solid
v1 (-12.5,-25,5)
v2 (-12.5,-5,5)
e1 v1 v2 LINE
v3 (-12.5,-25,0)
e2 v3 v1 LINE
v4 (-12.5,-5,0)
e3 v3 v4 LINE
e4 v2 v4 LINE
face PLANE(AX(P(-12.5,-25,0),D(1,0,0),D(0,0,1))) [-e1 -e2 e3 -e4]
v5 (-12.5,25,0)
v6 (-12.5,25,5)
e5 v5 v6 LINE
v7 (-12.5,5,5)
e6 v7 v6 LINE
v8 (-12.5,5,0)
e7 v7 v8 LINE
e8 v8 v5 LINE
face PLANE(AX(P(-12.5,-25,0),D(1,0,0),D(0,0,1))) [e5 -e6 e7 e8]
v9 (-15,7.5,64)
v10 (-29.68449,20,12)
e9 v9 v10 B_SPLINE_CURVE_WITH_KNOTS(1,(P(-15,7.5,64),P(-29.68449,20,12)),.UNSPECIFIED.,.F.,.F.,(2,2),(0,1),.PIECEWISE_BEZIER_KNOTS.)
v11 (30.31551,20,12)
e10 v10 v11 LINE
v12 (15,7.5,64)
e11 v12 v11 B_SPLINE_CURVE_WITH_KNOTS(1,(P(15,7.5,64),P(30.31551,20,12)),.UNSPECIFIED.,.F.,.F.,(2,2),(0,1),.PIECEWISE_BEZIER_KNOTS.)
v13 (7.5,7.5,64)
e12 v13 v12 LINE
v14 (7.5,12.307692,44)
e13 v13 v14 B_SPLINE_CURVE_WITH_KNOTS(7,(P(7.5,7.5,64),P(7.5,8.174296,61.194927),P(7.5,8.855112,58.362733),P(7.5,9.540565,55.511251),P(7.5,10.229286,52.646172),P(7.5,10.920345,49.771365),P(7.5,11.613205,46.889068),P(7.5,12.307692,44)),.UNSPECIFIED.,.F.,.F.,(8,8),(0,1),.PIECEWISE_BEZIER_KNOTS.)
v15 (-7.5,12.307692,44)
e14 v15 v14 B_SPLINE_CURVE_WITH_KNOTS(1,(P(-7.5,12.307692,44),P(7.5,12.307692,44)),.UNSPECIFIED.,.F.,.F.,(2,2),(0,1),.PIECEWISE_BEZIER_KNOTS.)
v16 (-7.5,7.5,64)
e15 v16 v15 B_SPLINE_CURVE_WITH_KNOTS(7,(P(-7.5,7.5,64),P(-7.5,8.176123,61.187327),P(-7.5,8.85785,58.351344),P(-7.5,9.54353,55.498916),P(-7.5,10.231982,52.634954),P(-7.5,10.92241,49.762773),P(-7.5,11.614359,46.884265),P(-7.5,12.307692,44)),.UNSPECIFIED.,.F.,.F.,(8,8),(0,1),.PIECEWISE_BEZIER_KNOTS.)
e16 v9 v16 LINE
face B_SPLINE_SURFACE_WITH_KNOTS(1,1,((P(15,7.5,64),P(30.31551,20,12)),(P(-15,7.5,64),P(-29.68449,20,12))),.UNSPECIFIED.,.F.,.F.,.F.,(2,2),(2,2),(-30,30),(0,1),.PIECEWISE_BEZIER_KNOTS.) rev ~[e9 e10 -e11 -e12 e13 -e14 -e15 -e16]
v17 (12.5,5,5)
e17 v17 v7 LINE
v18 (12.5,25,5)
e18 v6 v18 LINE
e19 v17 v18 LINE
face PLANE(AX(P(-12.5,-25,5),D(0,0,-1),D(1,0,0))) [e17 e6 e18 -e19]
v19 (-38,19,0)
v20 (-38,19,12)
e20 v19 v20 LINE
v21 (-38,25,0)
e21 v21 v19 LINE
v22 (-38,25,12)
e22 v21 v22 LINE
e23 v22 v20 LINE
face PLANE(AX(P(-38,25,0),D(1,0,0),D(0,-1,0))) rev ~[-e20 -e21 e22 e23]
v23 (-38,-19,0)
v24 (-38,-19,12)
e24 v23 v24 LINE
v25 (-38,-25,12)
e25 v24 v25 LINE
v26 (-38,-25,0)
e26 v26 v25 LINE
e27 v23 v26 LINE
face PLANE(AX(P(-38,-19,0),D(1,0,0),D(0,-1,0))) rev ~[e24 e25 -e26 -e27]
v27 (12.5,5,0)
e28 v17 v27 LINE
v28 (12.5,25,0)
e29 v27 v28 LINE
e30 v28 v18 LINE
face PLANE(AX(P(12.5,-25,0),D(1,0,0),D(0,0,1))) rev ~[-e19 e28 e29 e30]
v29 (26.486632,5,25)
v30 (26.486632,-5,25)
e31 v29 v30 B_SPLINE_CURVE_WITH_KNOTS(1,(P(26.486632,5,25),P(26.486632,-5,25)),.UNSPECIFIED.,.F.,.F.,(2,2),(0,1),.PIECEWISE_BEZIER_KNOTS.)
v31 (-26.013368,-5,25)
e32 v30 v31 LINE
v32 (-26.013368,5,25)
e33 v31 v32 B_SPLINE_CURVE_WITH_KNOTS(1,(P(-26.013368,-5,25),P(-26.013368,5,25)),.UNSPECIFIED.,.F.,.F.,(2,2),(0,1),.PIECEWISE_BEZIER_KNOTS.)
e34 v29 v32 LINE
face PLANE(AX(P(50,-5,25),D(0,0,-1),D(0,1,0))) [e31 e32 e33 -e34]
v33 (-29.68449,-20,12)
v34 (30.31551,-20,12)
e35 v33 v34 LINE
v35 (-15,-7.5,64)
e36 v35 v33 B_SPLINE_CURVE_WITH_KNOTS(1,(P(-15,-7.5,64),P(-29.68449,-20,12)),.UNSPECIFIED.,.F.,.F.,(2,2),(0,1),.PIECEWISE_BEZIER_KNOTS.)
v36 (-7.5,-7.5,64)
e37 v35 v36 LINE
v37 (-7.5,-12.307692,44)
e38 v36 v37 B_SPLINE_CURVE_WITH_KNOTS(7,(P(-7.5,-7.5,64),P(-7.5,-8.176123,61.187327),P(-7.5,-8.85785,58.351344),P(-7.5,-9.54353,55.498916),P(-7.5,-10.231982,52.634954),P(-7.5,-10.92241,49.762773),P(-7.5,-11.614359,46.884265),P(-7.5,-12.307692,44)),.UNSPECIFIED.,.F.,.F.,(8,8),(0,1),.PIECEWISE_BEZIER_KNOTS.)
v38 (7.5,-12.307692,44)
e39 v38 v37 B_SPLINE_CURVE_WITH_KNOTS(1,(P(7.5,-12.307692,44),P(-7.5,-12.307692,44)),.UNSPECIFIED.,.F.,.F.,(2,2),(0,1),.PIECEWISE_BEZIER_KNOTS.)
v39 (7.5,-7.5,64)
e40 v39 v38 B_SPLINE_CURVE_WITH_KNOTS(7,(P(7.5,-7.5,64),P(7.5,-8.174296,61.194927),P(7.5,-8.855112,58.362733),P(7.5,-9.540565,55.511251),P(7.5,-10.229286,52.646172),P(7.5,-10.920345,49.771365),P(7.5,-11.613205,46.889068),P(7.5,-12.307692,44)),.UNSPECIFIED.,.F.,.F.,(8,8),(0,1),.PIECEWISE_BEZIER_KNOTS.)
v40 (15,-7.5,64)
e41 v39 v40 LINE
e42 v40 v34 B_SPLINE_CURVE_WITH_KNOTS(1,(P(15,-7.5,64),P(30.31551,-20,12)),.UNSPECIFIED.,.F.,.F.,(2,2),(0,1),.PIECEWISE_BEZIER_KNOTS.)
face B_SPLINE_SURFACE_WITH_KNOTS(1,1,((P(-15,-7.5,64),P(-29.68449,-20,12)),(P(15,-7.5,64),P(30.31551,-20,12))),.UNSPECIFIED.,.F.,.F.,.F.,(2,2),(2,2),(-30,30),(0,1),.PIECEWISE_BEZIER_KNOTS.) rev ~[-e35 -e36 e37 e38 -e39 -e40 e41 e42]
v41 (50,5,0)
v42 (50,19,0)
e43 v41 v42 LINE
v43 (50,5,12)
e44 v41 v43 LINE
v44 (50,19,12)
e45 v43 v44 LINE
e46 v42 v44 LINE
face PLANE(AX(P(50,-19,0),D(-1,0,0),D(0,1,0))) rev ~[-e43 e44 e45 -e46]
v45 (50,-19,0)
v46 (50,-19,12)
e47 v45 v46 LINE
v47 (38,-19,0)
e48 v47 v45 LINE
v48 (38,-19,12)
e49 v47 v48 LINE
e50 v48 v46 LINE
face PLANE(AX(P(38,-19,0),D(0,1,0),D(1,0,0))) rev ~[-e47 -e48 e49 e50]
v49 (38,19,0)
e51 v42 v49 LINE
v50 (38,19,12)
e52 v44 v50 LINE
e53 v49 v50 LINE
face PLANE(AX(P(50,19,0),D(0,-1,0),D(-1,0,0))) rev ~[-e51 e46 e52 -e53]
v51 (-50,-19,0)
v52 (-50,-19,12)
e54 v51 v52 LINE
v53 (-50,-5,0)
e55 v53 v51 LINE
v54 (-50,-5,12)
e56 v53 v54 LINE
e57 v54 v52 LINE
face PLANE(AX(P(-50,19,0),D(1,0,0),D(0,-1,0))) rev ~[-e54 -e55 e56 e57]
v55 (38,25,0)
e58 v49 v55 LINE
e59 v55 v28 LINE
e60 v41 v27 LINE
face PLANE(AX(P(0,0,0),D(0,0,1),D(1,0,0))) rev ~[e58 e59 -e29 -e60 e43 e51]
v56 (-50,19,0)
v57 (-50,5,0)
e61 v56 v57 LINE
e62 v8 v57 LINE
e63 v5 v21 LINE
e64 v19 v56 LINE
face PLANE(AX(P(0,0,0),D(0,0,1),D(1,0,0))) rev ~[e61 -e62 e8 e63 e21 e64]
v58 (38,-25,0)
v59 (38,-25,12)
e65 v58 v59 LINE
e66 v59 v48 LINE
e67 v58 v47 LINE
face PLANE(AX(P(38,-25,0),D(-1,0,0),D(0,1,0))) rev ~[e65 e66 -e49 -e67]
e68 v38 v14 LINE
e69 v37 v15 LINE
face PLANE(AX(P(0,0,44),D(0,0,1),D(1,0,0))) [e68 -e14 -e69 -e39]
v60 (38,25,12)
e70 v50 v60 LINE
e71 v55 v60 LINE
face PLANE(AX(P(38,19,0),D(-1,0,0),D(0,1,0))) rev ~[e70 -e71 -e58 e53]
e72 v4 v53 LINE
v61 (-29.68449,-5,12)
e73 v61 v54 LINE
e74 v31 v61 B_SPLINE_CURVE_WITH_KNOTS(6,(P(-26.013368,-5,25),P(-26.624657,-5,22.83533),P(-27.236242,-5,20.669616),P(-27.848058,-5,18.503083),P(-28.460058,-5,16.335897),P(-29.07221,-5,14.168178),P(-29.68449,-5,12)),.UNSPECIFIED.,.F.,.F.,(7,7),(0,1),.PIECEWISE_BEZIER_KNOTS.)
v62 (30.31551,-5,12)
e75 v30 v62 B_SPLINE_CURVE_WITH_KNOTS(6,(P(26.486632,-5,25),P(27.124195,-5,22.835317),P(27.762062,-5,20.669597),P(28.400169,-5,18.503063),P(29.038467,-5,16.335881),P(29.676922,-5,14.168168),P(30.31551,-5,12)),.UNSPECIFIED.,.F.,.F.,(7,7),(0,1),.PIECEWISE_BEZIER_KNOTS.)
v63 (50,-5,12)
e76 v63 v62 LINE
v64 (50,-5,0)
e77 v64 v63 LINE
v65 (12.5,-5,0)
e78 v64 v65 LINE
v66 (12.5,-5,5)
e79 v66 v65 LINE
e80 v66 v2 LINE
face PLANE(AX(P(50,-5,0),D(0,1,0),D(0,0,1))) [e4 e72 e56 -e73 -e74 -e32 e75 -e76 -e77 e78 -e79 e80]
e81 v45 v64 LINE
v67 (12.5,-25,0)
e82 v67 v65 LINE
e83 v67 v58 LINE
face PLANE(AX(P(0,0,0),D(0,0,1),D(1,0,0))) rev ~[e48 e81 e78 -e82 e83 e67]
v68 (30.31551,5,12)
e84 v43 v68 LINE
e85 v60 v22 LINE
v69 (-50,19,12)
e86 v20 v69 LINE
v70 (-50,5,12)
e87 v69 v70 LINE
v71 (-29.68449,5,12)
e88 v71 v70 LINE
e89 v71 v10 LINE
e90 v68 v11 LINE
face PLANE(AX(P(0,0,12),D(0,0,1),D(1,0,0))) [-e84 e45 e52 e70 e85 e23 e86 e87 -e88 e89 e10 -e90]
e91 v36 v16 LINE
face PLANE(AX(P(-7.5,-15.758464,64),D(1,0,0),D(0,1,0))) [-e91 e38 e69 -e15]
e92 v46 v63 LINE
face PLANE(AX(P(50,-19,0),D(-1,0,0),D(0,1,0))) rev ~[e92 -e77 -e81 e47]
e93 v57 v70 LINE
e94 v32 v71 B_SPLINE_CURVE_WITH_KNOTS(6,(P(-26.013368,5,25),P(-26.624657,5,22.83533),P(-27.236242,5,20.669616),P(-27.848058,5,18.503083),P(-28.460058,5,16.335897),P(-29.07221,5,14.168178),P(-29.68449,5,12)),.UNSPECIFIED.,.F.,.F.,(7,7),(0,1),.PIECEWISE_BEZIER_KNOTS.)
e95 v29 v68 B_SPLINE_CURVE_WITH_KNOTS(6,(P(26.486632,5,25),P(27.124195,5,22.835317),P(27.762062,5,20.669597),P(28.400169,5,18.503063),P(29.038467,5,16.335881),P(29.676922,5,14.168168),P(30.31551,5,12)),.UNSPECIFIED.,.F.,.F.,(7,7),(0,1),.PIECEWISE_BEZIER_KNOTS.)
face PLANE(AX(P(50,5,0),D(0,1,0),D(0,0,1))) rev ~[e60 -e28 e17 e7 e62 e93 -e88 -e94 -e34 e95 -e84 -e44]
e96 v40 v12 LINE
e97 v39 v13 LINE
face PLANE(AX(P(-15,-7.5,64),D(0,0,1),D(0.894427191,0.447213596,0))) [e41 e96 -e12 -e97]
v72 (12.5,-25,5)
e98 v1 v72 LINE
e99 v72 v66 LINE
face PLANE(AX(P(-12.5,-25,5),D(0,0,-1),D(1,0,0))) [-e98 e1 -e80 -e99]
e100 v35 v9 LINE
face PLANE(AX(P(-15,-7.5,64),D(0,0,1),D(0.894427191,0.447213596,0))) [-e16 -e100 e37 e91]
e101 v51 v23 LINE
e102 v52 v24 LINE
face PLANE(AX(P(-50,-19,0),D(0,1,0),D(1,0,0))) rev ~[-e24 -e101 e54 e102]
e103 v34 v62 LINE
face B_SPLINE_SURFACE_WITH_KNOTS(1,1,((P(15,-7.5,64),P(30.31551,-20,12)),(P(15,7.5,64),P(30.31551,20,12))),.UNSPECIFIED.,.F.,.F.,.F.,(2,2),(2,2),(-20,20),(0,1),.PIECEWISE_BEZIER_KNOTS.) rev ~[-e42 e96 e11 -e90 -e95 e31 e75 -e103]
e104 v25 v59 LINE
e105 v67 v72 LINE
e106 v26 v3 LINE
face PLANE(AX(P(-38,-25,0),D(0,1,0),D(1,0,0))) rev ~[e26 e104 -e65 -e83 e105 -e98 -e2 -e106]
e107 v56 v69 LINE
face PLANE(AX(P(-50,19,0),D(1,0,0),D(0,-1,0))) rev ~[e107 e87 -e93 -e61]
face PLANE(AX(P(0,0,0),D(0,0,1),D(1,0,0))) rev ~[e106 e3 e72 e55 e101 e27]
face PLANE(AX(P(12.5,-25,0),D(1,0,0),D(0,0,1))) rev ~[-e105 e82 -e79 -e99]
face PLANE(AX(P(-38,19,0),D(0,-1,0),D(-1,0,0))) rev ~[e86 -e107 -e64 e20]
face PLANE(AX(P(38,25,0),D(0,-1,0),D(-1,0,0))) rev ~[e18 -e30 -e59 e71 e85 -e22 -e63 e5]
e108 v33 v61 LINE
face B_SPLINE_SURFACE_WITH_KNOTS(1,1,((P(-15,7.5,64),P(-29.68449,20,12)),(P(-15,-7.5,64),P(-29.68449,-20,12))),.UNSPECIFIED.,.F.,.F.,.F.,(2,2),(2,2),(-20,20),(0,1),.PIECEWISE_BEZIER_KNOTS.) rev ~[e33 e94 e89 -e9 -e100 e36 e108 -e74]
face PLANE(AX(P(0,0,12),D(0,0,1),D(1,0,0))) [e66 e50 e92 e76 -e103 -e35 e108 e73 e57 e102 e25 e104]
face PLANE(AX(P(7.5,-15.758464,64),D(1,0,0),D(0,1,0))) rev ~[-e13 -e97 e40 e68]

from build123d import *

# Parameters (mm, degrees)
SKETCH002_W     = 30
SKETCH002_H     = 15
SKETCH001_W     = 60
SKETCH001_H     = 40
PAD_DEPTH       = 12
SKETCH003_W     = 10
SKETCH003_H     = 25
POCKET_DEPTH    = 100.001
SKETCH004_W     = 15
SKETCH004_H     = 31.516928
POCKET001_DEPTH = 20
SKETCH005_W     = 25
SKETCH005_H     = 5
POCKET002_DEPTH = 50.001


with BuildPart() as loft_body:
    # Sketch002 → Loft section 0
    with BuildSketch(Plane.XY.offset(64)):
        Rectangle(SKETCH002_W, SKETCH002_H)
    # Sketch001 → Loft section 1
    with BuildSketch(Plane.XY.offset(12)):
        with Locations((0.31551, 0)):
            Rectangle(SKETCH001_W, SKETCH001_H)
    loft()


with BuildPart() as pocket002:
    # Sketch → Pad (new body)
    with BuildSketch(Plane.XY):
        Polygon((-38, -25), (38, -25), (38, -19), (50, -19), (50, 19), (38, 19), (38, 25), (-38, 25), (-38, 19), (-50, 19), (-50, -19), (-38, -19), align=None)
    extrude(amount=PAD_DEPTH)

    # Fusion: union Loft body
    add(loft_body.part)

    # Sketch003 → Pocket (cut, through all)
    with BuildSketch(Plane.YZ.offset(50)):
        with Locations((0, 12.5)):
            Rectangle(SKETCH003_W, SKETCH003_H)
    extrude(amount=-POCKET_DEPTH, mode=Mode.SUBTRACT)

    # Sketch004 → Pocket001 (cut)
    with BuildSketch(Plane.XY.offset(64)):
        Rectangle(SKETCH004_W, SKETCH004_H)
    extrude(amount=-POCKET001_DEPTH, mode=Mode.SUBTRACT)

    # Sketch005 → Pocket002 (cut, through all)
    with BuildSketch(Plane.XZ.offset(25)):
        with Locations((0, 2.5)):
            Rectangle(SKETCH005_W, SKETCH005_H)
    extrude(amount=-POCKET002_DEPTH, mode=Mode.SUBTRACT)


solid = pocket002.part
